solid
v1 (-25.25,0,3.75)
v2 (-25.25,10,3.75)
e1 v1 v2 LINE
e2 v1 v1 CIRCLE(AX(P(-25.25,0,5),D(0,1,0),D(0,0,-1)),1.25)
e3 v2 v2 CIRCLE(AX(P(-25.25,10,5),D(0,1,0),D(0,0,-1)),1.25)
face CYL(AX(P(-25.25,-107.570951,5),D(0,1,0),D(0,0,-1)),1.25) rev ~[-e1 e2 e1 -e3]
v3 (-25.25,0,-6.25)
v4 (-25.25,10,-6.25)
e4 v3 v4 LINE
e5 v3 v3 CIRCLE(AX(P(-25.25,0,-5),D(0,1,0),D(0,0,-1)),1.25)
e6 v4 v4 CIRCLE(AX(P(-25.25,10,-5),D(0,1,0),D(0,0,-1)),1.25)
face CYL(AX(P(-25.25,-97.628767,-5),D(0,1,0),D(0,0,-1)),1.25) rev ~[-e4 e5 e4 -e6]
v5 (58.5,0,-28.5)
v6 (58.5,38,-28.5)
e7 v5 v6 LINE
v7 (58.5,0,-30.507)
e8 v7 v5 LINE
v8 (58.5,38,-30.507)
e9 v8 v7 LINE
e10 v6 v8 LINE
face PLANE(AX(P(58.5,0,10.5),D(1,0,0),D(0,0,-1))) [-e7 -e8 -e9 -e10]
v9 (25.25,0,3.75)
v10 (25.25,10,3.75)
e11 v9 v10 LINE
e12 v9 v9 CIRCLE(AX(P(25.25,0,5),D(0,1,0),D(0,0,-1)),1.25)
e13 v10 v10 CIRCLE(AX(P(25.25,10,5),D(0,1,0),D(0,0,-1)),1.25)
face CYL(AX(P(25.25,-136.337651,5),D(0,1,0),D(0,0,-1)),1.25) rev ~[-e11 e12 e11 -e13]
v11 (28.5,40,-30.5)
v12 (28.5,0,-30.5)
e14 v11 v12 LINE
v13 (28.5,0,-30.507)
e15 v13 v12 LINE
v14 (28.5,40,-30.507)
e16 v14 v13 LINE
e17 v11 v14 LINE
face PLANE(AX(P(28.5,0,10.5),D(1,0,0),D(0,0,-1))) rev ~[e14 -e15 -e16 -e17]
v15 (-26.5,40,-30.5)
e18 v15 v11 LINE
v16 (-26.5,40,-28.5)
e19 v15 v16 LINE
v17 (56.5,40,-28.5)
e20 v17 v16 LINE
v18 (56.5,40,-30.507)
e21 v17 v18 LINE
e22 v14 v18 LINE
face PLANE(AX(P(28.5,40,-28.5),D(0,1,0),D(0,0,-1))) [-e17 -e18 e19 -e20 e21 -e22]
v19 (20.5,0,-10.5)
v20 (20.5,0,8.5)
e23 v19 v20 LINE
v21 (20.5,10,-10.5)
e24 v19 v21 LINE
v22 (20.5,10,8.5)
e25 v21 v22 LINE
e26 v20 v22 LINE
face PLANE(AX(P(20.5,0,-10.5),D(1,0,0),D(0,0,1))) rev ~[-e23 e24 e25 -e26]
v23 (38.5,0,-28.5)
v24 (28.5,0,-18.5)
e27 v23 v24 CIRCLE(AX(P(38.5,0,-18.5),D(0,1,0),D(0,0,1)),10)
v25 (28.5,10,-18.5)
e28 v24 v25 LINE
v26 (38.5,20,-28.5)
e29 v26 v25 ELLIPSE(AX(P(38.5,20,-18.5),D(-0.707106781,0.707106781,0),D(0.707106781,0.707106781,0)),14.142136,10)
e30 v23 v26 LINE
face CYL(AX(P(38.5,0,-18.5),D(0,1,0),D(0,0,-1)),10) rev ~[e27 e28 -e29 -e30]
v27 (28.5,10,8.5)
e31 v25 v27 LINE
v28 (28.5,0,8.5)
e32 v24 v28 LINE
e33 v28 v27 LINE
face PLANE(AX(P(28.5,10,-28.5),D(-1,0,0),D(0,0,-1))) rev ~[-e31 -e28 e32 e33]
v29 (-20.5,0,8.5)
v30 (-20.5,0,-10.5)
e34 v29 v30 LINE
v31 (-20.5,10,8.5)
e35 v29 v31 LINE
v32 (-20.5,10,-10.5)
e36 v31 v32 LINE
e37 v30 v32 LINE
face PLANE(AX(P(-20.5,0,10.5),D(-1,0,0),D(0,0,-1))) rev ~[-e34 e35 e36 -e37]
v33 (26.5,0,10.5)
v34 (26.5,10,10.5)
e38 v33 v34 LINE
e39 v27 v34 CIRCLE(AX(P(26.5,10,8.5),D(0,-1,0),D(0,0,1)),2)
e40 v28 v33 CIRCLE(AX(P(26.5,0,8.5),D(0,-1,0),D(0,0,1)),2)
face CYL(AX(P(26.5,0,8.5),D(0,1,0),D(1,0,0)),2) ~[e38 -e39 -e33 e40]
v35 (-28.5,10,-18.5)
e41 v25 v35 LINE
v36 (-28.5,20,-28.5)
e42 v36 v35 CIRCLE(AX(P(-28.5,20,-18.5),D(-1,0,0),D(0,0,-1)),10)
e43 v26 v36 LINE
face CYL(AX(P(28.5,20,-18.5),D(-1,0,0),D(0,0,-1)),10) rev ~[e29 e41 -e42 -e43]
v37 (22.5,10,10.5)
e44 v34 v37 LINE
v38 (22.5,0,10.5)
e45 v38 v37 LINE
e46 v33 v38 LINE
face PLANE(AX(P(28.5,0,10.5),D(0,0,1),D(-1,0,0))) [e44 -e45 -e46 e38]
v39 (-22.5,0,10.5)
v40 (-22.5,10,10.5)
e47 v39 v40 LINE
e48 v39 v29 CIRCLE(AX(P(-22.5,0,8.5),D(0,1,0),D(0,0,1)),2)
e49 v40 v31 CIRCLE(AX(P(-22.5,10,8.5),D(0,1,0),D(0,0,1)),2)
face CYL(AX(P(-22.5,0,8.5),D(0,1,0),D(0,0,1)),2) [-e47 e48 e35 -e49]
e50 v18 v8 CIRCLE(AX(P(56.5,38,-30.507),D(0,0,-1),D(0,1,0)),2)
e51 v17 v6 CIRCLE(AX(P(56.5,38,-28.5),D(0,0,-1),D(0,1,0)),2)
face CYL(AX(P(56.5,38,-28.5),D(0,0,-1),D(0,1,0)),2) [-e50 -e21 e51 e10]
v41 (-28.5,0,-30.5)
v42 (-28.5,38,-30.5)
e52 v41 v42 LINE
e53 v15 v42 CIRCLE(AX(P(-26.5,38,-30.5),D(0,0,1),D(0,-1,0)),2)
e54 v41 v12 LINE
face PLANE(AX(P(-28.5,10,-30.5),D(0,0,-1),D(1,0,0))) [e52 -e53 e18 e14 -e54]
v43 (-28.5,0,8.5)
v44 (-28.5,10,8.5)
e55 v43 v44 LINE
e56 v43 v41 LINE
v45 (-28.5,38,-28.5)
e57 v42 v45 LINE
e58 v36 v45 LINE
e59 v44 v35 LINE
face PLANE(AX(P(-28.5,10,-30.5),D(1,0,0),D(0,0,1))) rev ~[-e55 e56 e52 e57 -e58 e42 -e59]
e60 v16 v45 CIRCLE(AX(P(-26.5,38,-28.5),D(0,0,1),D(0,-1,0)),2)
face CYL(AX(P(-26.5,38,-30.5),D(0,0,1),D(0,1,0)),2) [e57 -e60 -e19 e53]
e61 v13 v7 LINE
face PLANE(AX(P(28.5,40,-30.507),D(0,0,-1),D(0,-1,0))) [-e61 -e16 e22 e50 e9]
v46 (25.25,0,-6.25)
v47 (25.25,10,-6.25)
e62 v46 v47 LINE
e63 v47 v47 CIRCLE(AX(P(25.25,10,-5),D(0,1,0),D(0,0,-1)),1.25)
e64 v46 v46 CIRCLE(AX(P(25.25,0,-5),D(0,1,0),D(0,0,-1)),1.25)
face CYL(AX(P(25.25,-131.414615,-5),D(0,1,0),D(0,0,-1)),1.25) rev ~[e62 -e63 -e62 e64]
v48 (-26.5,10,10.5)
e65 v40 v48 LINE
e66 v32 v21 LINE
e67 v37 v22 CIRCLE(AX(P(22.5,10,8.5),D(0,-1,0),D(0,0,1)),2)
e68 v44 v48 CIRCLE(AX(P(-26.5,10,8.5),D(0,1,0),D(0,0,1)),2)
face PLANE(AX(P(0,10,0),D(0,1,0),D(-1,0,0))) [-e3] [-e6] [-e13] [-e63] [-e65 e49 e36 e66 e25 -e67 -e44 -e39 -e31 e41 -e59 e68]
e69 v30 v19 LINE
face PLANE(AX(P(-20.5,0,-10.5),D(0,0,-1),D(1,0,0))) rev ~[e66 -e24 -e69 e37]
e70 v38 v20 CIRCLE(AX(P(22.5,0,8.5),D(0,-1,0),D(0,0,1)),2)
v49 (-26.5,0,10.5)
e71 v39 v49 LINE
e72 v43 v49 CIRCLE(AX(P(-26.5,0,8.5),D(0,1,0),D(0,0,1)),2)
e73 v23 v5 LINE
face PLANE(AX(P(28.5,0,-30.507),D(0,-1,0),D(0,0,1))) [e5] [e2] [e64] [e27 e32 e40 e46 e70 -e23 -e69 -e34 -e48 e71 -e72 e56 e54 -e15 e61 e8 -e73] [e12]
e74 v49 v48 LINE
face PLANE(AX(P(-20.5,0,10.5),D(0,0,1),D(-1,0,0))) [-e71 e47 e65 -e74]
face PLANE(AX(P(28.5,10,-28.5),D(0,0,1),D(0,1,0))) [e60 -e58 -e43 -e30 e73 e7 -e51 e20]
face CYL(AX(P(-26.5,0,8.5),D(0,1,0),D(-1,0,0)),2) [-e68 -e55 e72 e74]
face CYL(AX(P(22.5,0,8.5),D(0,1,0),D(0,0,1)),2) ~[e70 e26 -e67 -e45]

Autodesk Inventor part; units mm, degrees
ref_plane "YZ Plane" through (0, 0, 0) normal (1, 0, 0) x (0, 1, 0)
ref_plane "XZ Plane" through (0, 0, 0) normal (0, 1, 0) x (-1, 0, 0)
ref_plane "XY Plane" through (0, 0, 0) normal (0, 0, 1) x (1, 0, 0)
sketch "Sketch1" plane through (0, 0, 0) normal (0, 1, 0) x (-1, 0, 0)
  line L0 (-20.5, 10.5) -> (20.5, 10.5)
  line L1 (20.5, 10.5) -> (20.5, -10.5)
  line L2 (20.5, -10.5) -> (-20.5, -10.5)
  line L3 (-20.5, -10.5) -> (-20.5, 10.5)
  line L4 (-20.5, 10.5) -> (20.5, -10.5) construction
  line L5 (20.5, 10.5) -> (-20.5, -10.5) construction
  line L6 (20.5, 10.5) -> (28.5, 10.5)
  line L7 (28.5, 10.5) -> (28.5, -30.5)
  line L8 (28.5, -30.5) -> (-28.5, -30.5)
  line L9 (-28.5, -30.5) -> (-28.5, 10.5)
  line L10 (-28.5, 10.5) -> (-20.5, 10.5)
  line L11 (-25.25, -5) -> (25.25, -5) construction
  line L12 (25.25, -5) -> (25.25, 5) construction
  line L13 (25.25, 5) -> (-25.25, 5) construction
  line L14 (-25.25, 5) -> (-25.25, -5) construction
  line L15 (-25.25, -5) -> (25.25, 5) construction
  line L16 (25.25, -5) -> (-25.25, 5) construction
  point P0 (0, 0)
  dimension "d0" = 41
  dimension "d1" = 21
  dimension "d2" = 8
  dimension "d3" = 41
  dimension "d4" = 8
  dimension "d5" = 50.5
  dimension "d6" = 10
extrude "Extrusion1" add sketch "Sketch1" along normal blind 10 contours L3 L2 L1 L6 L7 L8 L9 L10
hole "Hole1" at (-25.25, 0, 5) at (-25.25, 0, -5) at (25.25, 0, 5) at (25.25, 0, -5) direction (0, 1, 0) diameter 2.5 end through all both
sketch "Sketch2" plane through (0, 10, 0) normal (0, 1, 0) x (1, 0, 0)
  line L0 (-28.5, 30.5) -> (-28.5, -10.5) projected
  line L1 (28.5, -10.5) -> (28.5, 30.5) projected
  line L2 (-28.5, 30.5) -> (28.5, 30.5)
  line L3 (28.5, 30.5) -> (28.5, 28.5)
  line L4 (28.5, 28.5) -> (-28.5, 28.5)
  line L5 (-28.5, 28.5) -> (-28.5, 30.5)
  point P0 (0, 0)
  dimension "d16" = 2
extrude "Extrusion2" add sketch "Sketch2" along normal blind 30
sketch "Sketch3" plane through (28.5, 0, 10.5) normal (1, 0, 0) x (0, 0, -1)
  line L0 (39, 10) -> (39, 40) projected
  line L1 (41.007, 0) -> (39, 0)
  line L2 (39, 0) -> (39, 40)
  line L3 (39, 40) -> (41.007, 40)
  line L4 (41.007, 40) -> (41.007, 0)
  point P0 (10.5, 0)
extrude "Extrusion3" add sketch "Sketch3" along normal blind 30
fillet "Fillet2" radius 10 2 edges at (28.5, 5, -28.5) (0, 10, -28.5)
fillet "Fillet2" radius 2 6 edges at (58.5, 40, -29.5035) (-28.5, 40, -29.5) (28.5, 5, 10.5) (20.5, 5, 10.5) (-20.5, 5, 10.5) (-28.5, 5, 10.5)
equation "\"d4\" = d2"
properties part number "servoholder"
